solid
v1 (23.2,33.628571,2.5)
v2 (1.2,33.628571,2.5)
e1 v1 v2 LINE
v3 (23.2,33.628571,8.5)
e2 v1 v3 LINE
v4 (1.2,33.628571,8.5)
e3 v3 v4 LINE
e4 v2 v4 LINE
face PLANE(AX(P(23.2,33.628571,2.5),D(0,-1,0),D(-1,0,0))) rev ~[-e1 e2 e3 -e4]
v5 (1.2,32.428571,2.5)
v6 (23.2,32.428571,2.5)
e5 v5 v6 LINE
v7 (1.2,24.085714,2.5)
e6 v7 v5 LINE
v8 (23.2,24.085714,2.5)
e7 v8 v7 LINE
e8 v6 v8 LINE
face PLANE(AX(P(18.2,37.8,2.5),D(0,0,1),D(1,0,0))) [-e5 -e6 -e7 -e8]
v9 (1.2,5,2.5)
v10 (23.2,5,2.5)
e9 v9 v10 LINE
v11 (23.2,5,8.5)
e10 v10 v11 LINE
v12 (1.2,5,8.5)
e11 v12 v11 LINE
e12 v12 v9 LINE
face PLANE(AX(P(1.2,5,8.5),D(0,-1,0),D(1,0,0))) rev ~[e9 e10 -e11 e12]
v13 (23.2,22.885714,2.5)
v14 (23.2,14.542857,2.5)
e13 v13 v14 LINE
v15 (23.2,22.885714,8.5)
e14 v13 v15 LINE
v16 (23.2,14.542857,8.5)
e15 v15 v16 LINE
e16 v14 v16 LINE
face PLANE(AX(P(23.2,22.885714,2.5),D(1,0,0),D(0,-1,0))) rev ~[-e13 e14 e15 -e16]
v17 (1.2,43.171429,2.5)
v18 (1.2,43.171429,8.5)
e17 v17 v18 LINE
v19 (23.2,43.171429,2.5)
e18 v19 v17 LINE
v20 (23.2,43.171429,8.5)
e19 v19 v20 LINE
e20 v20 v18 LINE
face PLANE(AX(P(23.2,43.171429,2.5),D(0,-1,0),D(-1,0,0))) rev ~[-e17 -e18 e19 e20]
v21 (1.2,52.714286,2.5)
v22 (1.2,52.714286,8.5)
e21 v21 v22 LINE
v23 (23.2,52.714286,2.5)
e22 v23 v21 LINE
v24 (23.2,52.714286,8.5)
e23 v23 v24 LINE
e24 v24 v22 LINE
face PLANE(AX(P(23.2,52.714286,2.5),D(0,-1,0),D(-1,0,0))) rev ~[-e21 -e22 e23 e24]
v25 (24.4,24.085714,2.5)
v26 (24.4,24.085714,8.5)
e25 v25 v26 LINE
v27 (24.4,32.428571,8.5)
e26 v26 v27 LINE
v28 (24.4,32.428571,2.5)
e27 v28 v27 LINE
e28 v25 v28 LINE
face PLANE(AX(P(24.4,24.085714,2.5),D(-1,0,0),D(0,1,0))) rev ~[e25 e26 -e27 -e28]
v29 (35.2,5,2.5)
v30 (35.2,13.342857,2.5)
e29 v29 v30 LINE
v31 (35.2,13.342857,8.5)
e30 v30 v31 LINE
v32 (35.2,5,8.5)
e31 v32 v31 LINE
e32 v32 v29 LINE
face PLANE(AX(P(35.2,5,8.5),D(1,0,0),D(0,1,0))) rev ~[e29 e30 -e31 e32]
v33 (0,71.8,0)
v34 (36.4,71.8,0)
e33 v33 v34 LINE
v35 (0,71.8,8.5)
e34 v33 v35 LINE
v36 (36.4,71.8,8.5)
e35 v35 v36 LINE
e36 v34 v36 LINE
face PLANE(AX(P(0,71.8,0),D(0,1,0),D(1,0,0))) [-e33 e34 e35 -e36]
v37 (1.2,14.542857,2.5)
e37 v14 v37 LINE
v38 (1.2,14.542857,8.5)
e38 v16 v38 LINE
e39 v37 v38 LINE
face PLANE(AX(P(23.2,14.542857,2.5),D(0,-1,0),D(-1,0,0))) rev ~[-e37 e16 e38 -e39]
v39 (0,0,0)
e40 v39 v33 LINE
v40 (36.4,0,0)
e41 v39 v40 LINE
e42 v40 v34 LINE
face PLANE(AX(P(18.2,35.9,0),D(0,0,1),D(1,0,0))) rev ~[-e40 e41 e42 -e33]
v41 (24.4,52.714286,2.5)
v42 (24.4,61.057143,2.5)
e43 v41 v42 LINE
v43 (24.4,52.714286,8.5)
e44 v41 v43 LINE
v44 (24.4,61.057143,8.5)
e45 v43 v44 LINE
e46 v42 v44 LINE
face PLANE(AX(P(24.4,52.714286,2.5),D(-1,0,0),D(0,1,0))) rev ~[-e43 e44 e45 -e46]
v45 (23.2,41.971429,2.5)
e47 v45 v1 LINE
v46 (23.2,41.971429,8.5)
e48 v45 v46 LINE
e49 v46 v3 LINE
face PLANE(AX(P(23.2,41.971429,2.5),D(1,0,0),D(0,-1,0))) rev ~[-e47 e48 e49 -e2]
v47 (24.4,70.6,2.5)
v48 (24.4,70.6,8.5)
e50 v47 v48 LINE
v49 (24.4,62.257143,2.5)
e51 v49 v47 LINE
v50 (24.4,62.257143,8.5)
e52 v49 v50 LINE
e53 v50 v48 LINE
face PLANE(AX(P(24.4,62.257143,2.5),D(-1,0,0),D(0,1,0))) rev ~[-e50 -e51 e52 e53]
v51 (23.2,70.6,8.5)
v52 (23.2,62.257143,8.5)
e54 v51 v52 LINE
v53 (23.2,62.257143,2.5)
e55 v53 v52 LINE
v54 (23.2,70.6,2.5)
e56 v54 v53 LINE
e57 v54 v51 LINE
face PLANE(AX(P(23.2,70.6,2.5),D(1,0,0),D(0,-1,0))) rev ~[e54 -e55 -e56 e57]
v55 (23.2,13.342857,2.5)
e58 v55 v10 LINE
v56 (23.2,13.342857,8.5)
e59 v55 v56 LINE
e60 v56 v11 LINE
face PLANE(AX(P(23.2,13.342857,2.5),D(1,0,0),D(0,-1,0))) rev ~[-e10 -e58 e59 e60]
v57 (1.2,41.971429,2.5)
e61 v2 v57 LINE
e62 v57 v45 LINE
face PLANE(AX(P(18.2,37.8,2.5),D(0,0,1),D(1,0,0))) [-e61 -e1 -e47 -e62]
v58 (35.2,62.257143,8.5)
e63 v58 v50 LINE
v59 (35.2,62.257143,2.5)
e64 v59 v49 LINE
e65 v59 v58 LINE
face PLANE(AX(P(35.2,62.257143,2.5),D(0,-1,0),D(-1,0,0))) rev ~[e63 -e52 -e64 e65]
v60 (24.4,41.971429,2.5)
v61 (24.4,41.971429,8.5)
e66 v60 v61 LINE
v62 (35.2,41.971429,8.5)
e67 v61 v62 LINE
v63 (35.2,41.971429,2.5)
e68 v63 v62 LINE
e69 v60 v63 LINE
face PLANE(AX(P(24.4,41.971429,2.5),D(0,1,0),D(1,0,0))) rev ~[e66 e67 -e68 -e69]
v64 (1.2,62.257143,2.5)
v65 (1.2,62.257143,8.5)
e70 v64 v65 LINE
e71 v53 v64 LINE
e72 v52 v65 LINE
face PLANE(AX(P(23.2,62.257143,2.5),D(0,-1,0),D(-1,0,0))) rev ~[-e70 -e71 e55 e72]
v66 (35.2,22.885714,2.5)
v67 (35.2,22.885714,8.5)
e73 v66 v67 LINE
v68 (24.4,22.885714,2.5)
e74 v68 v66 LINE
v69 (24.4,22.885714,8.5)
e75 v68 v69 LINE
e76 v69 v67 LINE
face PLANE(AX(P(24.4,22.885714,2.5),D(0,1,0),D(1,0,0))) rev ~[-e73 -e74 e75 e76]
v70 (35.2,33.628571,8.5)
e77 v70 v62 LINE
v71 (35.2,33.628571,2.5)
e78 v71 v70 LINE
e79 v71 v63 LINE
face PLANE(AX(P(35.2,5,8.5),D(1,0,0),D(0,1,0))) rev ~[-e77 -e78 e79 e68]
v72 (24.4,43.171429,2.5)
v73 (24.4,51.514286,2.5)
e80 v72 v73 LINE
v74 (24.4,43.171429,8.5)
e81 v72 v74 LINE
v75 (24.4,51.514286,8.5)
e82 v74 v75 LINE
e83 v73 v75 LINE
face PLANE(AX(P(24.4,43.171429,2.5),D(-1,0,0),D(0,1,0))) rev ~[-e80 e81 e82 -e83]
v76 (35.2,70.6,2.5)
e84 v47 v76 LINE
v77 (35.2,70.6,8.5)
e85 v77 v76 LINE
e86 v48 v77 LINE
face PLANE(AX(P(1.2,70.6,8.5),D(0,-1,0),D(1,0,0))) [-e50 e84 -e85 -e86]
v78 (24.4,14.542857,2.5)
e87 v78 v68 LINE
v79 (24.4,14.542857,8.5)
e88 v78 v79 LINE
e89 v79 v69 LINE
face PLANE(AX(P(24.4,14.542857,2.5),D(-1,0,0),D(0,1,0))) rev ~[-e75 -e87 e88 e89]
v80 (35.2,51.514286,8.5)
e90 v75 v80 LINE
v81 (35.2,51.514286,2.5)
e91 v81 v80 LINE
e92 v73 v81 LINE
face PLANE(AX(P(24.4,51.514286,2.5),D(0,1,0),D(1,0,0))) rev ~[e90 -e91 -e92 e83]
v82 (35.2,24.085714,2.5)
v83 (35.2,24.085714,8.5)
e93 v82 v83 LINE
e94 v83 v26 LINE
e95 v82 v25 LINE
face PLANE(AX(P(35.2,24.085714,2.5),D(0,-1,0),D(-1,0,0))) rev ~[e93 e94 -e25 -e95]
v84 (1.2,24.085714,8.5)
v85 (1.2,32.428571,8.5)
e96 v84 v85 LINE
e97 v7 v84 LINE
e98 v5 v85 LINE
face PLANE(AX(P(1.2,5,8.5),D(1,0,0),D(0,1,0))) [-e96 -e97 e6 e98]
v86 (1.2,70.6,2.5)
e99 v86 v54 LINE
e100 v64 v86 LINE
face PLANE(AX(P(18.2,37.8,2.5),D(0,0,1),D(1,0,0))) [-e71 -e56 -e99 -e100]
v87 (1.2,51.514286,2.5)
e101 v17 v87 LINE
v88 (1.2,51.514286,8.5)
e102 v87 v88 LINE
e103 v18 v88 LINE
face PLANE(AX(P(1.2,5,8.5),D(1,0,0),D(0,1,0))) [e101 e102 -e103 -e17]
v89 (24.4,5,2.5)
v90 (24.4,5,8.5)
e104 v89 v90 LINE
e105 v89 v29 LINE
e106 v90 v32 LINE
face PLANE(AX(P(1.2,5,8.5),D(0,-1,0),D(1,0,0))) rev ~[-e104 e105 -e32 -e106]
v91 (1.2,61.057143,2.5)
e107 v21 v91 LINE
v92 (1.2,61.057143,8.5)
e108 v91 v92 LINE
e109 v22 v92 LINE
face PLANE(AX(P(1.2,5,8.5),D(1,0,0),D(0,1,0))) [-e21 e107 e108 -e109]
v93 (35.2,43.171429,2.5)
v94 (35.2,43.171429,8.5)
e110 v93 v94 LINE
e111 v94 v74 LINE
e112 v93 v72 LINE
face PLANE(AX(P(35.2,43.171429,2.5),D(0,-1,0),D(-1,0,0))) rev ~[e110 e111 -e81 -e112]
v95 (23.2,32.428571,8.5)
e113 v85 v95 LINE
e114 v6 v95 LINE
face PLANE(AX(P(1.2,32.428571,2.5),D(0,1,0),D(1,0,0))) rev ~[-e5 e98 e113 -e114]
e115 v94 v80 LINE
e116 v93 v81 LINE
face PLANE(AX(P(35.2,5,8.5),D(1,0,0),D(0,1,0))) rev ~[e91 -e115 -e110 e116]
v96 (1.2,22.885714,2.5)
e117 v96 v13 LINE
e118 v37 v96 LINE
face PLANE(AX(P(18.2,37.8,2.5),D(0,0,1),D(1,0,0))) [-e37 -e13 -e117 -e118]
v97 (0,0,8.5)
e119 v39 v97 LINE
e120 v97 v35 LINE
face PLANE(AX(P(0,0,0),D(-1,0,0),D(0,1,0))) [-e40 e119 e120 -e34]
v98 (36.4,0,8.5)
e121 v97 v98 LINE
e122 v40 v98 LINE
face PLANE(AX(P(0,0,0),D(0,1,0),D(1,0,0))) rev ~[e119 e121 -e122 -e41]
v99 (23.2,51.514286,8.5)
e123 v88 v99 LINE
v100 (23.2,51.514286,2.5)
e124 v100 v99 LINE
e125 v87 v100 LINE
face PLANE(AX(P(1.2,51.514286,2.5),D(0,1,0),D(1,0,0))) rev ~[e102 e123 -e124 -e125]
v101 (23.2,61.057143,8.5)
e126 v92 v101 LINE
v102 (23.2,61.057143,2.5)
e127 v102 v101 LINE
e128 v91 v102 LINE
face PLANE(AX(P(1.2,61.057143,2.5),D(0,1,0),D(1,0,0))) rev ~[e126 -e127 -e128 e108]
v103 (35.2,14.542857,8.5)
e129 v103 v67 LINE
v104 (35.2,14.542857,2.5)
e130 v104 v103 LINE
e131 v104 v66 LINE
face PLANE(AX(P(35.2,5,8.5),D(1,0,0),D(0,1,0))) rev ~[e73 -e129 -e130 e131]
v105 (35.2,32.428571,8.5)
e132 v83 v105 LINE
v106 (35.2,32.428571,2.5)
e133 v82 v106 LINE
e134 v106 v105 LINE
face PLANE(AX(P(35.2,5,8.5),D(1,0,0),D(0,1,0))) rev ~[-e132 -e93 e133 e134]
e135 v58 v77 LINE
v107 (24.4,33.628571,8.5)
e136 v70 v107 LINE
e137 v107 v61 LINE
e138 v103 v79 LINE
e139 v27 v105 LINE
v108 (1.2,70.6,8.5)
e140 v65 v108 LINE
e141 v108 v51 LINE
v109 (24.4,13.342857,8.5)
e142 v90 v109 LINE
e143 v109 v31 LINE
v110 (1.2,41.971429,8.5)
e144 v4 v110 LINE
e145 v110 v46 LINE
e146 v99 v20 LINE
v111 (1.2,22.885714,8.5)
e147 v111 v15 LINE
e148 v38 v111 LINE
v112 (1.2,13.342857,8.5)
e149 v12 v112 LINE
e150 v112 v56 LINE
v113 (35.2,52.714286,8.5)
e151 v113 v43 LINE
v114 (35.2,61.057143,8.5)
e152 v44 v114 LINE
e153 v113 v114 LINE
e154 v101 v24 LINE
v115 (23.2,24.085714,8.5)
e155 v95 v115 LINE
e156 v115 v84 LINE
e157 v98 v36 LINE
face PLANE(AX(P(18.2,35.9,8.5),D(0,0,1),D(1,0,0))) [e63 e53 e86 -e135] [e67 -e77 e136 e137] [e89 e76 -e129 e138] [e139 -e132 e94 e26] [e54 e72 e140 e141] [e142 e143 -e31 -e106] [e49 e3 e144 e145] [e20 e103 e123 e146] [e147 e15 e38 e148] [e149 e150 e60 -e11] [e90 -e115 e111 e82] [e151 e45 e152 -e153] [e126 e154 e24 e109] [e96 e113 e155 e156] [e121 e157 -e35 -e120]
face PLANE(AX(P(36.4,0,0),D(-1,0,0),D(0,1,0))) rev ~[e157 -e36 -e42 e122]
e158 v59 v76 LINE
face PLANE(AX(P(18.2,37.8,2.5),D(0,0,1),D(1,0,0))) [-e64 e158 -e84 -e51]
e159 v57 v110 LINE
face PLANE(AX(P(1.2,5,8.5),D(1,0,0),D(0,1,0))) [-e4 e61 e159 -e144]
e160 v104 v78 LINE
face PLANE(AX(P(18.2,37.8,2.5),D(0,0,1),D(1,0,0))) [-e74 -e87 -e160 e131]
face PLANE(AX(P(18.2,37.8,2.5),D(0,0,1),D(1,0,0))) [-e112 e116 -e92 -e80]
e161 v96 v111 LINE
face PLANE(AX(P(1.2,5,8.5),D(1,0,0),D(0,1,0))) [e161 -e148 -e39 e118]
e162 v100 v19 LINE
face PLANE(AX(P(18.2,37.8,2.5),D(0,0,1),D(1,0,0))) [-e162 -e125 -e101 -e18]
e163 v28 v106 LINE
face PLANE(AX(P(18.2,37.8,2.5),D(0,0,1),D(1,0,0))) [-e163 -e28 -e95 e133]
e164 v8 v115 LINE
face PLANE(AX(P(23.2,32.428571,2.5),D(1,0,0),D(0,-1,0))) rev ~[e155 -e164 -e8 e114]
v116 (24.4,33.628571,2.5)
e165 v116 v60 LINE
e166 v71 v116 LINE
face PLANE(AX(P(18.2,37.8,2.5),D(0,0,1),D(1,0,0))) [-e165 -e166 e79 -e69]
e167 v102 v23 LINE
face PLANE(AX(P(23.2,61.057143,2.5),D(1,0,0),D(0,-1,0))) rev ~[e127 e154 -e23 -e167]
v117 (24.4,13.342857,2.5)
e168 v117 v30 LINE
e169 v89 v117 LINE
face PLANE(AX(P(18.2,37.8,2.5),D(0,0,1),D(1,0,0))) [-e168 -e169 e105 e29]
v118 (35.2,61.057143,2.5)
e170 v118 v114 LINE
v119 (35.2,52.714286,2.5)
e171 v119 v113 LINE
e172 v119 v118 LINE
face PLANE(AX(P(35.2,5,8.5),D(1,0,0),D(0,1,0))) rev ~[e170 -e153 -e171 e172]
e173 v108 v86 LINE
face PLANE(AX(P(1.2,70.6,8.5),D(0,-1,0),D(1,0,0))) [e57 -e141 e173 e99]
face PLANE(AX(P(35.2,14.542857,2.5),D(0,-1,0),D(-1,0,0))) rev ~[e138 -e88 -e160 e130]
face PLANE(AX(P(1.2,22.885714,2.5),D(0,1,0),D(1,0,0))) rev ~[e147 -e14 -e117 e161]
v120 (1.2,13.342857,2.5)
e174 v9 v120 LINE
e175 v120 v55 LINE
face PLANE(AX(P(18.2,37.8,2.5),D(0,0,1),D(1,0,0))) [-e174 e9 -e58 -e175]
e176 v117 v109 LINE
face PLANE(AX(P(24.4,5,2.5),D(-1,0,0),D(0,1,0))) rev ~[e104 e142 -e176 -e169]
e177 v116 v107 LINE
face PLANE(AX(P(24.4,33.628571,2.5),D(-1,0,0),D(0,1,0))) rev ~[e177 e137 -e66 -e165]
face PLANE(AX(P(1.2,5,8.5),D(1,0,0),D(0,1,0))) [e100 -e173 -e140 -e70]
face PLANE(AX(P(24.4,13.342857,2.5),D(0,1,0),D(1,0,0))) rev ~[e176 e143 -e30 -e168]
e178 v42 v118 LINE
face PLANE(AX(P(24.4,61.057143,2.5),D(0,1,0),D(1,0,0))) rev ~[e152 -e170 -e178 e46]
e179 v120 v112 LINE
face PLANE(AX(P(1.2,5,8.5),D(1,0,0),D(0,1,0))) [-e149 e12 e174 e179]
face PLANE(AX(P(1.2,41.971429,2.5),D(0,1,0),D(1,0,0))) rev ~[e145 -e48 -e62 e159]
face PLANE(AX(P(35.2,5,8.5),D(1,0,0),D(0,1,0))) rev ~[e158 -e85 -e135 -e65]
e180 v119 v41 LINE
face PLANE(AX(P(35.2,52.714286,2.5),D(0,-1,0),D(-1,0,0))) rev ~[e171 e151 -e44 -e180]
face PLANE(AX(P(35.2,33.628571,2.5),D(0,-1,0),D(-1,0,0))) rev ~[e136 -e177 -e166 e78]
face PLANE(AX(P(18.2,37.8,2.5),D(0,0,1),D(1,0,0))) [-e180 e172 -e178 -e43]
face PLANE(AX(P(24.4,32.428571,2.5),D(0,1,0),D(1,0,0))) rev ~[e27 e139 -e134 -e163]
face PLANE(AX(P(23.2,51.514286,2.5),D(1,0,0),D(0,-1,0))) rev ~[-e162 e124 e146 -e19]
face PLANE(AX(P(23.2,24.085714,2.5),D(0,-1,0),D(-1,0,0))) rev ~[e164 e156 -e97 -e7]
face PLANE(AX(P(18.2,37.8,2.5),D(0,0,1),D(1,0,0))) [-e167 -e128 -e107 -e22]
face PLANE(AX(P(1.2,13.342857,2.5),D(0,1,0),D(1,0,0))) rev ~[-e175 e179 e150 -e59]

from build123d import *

# Parameters (mm, degrees)
F0_W     = 36.4
F0_H     = 71.8
F1_DEPTH = 8.5
F2_W     = 34
F2_H     = 65.6
F3_DEPTH = 6
F5_DEPTH = 6


with BuildPart() as f1:
    # F0 (on Top) → F1 (new body)
    with BuildSketch(Plane.XY):
        with Locations((18.2, 35.9)):
            Rectangle(F0_W, F0_H)
    extrude(amount=F1_DEPTH)

    # F2 (on face) → F3 (cut)
    with BuildSketch(Plane.XY.offset(8.5)):
        with Locations((18.2, 37.8)):
            Rectangle(F2_W, F2_H)
    extrude(amount=-F3_DEPTH, mode=Mode.SUBTRACT)

    # F4 (on face) → F5 (join)
    with BuildSketch(Plane.XY.offset(2.5)):
        Polygon((24.4, 70.6), (23.2, 70.6), (23.2, 62.257143), (13.2, 62.257143), (12, 62.257143), (1.2, 62.257143), (1.2, 61.057143), (12, 61.057143), (13.2, 61.057143), (23.2, 61.057143), (23.2, 52.714286), (13.2, 52.714286), (12, 52.714286), (1.2, 52.714286), (1.2, 51.514286), (12, 51.514286), (13.2, 51.514286), (23.2, 51.514286), (23.2, 43.171429), (13.2, 43.171429), (12, 43.171429), (1.2, 43.171429), (1.2, 41.971429), (12, 41.971429), (13.2, 41.971429), (23.2, 41.971429), (23.2, 33.628571), (13.2, 33.628571), (12, 33.628571), (1.2, 33.628571), (1.2, 32.428571), (12, 32.428571), (13.2, 32.428571), (23.2, 32.428571), (23.2, 24.085714), (13.2, 24.085714), (12, 24.085714), (1.2, 24.085714), (1.2, 22.885714), (12, 22.885714), (13.2, 22.885714), (23.2, 22.885714), (23.2, 14.542857), (13.2, 14.542857), (12, 14.542857), (1.2, 14.542857), (1.2, 13.342857), (12, 13.342857), (13.2, 13.342857), (23.2, 13.342857), (23.2, 5), (24.4, 5), (24.4, 13.342857), (35.2, 13.342857), (35.2, 14.542857), (24.4, 14.542857), (24.4, 22.885714), (35.2, 22.885714), (35.2, 24.085714), (24.4, 24.085714), (24.4, 32.428571), (35.2, 32.428571), (35.2, 33.628571), (24.4, 33.628571), (24.4, 41.971429), (35.2, 41.971429), (35.2, 43.171429), (24.4, 43.171429), (24.4, 51.514286), (35.2, 51.514286), (35.2, 52.714286), (24.4, 52.714286), (24.4, 61.057143), (35.2, 61.057143), (35.2, 62.257143), (24.4, 62.257143), align=None)
    extrude(amount=F5_DEPTH)


with BuildPart() as f6_1:
    # F6: copy of F1
    add(f1.part)


solid = f1.part
